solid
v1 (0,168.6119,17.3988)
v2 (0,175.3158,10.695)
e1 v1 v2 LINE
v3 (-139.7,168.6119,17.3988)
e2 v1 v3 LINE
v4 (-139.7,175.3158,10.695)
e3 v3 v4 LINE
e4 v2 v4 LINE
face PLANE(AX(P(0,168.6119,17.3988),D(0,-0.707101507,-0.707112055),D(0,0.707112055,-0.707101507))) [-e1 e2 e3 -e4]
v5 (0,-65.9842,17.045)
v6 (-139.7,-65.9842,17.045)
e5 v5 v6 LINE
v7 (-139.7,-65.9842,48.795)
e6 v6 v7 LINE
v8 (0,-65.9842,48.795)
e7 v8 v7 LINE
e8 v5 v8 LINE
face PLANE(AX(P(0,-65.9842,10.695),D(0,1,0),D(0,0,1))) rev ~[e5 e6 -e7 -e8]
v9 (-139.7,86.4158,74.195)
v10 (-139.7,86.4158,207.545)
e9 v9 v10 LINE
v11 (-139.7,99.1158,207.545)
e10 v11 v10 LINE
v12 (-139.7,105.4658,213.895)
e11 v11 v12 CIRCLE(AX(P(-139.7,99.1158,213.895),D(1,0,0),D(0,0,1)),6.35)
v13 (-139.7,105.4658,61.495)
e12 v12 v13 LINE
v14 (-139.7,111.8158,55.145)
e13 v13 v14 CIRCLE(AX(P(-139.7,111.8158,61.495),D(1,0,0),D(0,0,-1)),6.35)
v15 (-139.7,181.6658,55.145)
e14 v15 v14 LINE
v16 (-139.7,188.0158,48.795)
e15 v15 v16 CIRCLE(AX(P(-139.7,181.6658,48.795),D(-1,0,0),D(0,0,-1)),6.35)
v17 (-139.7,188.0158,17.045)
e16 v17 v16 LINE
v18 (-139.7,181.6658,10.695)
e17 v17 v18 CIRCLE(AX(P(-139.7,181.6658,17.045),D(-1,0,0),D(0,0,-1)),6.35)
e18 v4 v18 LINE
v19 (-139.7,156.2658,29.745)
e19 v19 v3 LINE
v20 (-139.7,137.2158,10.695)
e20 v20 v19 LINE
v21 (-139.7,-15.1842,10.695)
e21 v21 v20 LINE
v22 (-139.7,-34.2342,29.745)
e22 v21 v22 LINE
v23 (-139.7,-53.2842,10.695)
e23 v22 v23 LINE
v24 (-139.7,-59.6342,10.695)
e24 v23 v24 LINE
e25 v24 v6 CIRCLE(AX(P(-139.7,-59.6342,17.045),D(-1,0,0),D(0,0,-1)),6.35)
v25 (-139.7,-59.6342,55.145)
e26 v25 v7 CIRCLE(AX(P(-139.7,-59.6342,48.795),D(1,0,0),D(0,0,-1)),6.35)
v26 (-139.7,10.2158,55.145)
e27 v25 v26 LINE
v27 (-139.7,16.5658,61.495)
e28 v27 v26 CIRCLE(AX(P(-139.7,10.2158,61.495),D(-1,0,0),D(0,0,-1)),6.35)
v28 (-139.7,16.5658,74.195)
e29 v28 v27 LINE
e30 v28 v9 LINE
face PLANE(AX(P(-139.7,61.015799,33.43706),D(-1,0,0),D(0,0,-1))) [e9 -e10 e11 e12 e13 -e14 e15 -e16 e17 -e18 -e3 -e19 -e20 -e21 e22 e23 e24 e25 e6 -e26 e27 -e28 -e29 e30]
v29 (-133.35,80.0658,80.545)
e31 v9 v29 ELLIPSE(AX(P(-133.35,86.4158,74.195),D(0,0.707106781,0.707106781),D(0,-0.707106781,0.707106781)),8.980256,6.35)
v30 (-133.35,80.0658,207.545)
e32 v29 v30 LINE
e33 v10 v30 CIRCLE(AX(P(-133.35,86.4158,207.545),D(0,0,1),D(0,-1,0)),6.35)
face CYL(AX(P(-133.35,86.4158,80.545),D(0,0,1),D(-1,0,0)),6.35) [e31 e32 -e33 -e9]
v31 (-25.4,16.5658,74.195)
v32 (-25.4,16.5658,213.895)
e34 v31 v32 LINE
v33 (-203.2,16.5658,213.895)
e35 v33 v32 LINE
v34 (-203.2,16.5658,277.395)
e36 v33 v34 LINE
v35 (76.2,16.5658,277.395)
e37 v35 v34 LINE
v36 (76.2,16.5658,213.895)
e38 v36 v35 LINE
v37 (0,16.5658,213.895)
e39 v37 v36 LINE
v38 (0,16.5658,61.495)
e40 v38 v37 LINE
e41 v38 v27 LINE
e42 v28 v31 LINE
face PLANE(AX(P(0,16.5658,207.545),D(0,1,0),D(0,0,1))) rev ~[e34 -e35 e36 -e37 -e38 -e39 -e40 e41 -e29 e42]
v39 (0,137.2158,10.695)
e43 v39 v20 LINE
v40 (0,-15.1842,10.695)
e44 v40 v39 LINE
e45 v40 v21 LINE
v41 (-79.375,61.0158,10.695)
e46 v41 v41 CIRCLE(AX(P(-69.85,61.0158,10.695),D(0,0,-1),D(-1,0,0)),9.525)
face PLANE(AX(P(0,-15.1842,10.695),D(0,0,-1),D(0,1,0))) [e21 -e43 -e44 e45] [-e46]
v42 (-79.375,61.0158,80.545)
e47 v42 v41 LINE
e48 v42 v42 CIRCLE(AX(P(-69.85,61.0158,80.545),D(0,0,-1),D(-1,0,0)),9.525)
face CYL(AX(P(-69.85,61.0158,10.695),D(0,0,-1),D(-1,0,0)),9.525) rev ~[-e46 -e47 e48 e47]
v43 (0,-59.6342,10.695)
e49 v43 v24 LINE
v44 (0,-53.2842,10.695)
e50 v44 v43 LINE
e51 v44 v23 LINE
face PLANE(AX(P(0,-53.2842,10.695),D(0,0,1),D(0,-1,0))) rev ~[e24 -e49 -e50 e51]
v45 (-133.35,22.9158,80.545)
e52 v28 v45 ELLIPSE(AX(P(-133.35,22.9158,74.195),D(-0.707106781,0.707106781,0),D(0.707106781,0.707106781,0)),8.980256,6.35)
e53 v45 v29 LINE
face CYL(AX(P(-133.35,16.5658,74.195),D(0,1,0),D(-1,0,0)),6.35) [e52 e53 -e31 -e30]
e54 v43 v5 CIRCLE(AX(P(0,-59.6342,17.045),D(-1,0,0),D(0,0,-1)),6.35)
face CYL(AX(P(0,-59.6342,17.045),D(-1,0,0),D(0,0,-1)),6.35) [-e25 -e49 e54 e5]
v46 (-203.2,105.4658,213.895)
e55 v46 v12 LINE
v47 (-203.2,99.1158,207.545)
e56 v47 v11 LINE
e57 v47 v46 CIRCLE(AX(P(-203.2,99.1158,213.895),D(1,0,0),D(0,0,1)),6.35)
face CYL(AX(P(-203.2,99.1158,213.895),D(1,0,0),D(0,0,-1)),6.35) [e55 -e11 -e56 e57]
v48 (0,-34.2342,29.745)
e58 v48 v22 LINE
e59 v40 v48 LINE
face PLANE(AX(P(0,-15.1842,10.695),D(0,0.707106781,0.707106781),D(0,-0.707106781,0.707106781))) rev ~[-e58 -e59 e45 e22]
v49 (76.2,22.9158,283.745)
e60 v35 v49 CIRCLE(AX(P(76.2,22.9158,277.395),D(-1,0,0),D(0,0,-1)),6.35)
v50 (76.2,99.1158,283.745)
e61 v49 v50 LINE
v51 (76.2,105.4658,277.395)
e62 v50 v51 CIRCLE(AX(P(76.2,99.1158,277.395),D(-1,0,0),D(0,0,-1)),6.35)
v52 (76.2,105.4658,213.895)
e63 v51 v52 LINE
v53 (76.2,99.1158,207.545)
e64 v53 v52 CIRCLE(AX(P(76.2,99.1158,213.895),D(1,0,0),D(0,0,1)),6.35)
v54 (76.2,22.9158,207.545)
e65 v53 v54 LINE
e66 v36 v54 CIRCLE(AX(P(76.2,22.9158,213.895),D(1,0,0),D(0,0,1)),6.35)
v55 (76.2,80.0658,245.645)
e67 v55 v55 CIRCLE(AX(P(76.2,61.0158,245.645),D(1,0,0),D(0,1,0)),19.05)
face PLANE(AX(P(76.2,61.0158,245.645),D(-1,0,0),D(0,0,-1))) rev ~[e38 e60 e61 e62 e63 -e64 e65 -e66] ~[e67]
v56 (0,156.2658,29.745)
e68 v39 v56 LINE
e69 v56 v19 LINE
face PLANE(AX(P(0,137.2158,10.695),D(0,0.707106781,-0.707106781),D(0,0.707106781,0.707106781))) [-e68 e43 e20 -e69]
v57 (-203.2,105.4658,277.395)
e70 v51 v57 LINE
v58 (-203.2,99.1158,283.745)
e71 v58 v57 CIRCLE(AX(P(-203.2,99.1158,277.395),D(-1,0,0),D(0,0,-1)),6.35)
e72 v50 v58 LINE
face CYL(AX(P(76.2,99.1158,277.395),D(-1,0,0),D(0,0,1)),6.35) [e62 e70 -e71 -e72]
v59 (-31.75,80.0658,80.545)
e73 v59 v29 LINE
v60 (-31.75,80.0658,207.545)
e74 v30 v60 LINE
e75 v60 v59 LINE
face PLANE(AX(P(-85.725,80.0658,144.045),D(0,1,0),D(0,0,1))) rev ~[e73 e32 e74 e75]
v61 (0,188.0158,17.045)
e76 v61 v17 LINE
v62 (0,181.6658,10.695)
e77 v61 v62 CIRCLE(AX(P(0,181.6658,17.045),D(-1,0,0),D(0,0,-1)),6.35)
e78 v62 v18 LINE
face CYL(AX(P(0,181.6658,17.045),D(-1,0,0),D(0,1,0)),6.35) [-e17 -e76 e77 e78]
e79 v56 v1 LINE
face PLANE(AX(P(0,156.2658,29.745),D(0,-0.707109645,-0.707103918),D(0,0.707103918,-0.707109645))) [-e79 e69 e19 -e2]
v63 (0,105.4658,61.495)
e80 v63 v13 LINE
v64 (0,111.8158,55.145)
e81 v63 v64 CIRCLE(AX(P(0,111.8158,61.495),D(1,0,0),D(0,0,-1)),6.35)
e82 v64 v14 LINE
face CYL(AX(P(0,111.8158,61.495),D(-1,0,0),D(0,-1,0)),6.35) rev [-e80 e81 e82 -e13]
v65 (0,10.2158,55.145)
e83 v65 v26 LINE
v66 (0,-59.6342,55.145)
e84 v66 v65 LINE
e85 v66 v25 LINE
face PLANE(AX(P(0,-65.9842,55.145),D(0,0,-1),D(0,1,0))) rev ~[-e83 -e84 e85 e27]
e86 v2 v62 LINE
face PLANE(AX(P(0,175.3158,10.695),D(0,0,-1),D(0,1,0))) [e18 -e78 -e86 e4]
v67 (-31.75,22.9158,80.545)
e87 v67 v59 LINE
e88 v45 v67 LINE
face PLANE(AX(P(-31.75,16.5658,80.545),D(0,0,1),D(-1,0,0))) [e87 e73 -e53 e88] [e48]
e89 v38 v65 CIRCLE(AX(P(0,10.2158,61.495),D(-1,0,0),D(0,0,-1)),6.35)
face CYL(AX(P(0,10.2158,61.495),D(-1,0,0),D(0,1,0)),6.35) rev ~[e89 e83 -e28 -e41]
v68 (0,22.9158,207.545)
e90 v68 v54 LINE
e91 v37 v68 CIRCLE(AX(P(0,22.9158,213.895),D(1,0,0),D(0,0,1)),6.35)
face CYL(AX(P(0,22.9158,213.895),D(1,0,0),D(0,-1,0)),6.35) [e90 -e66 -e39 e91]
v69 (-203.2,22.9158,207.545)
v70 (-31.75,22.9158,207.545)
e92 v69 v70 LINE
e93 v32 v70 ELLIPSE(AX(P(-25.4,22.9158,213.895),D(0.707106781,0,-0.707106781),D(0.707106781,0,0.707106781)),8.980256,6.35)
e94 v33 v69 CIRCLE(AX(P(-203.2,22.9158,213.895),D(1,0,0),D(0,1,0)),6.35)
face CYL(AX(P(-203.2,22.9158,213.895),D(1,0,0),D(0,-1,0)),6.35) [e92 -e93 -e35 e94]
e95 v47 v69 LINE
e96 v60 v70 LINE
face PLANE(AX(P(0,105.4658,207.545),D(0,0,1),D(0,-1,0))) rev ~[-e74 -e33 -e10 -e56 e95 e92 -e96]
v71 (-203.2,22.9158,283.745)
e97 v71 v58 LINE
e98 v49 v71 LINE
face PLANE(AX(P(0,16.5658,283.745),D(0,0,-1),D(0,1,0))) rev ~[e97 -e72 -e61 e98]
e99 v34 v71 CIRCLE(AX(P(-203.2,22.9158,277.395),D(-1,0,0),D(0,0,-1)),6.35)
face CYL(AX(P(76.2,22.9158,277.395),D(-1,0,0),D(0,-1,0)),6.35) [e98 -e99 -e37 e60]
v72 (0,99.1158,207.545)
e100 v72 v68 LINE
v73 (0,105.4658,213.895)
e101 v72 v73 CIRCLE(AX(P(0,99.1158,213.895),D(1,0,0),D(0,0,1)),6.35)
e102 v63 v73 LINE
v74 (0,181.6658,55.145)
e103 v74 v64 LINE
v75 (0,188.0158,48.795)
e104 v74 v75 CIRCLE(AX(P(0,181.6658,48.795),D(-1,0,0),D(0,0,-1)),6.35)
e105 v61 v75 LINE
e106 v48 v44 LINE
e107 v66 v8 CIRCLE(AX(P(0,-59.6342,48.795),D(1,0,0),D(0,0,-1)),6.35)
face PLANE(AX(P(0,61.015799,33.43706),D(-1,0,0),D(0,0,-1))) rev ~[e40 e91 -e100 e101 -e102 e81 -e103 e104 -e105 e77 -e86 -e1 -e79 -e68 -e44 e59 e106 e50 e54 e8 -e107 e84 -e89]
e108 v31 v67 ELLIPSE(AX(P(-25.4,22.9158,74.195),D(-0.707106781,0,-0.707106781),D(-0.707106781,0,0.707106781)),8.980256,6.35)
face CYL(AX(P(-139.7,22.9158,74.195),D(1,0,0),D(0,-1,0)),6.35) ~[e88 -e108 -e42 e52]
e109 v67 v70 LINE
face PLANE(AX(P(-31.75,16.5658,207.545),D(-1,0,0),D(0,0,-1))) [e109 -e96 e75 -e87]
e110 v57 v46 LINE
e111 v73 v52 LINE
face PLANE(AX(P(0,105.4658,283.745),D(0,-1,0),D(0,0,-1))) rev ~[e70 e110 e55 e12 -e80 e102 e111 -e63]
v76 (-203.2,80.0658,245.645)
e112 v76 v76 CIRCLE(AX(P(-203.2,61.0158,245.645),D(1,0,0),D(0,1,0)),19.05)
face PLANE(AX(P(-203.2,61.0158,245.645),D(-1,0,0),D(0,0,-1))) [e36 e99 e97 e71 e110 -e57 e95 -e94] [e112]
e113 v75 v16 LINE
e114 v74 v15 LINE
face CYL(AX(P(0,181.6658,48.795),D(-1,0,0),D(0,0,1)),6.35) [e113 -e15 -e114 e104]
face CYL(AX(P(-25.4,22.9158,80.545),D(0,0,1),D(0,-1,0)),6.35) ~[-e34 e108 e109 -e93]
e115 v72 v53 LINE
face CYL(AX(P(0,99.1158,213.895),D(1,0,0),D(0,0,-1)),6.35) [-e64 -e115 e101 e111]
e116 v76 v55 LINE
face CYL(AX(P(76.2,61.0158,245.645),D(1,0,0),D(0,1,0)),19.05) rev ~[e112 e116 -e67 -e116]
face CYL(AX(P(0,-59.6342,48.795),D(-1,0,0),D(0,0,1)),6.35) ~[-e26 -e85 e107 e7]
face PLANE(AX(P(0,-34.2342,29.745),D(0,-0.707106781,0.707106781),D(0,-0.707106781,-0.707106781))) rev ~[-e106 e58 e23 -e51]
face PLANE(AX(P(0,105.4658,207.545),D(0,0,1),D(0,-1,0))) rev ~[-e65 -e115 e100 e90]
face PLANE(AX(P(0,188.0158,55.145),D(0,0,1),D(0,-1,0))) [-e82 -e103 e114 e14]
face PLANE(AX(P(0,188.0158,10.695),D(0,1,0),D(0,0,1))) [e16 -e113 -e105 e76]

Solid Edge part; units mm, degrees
sketch "Sketch1" plane through (0, 0, 0) normal (1, 0, 0) x (0, 1, 0)
  line L0 (-65.9842, 55.145) -> (61.0158, 55.145)
  line L1 (188.0158, 55.145) -> (61.0158, 55.145)
  line L2 (188.0158, 10.695) -> (188.0158, 55.145)
  line L3 (175.3158, 10.695) -> (188.0158, 10.695)
  line L4 (168.6119, 17.3988) -> (175.3158, 10.695)
  line L5 (156.2658, 29.745) -> (168.6119, 17.3988)
  line L6 (137.2158, 10.695) -> (156.2658, 29.745)
  line L7 (-15.1842, 10.695) -> (137.2158, 10.695)
  line L8 (-15.1842, 10.695) -> (-34.2342, 29.745)
  line L9 (-34.2342, 29.745) -> (-53.2842, 10.695)
  line L10 (-53.2842, 10.695) -> (-65.9842, 10.695)
  line L11 (-65.9842, 10.695) -> (-65.9842, 55.145)
extrude "Protrusion1" add sketch "Sketch1" against normal blind 139.7
sketch "Sketch2" plane through (0, 0, 0) normal (1, 0, 0) x (0, 1, 0)
  line L0 (16.5658, 207.545) -> (16.5658, 55.145)
  line L1 (16.5658, 55.145) -> (105.4658, 55.145)
  line L2 (105.4658, 55.145) -> (105.4658, 207.545)
  line L3 (105.4658, 207.545) -> (16.5658, 207.545)
extrude "ExtrudedProtrusion_2" add sketch "Sketch2" against normal blind 139.7
sketch "Sketch3" plane through (0, 0, 0) normal (1, 0, 0) x (0, 1, 0)
  line L0 (16.5658, 207.545) -> (16.5658, 283.745)
  line L1 (16.5658, 283.745) -> (105.4658, 283.745)
  line L2 (105.4658, 283.745) -> (105.4658, 207.545)
  line L3 (105.4658, 207.545) -> (16.5658, 207.545)
extrude "ExtrudedProtrusion_3" add sketch "Sketch3" against normal blind 203.2 and the other way blind 76.2
sketch "Sketch4" plane through (-63.5, 16.5658, 169.445) normal (0, -1, 0) x (1, 0, 0)
  line L0 (31.75, 38.1) -> (31.75, -88.9)
  line L1 (31.75, -88.9) -> (-76.2, -88.9)
  line L2 (-76.2, -88.9) -> (-76.2, 38.1)
  line L3 (-76.2, 38.1) -> (31.75, 38.1)
extrude "ExtrudedCutout_2" cut sketch "Sketch4" against normal blind 63.5 and the other way through all
sketch "Sketch5" plane through (76.2, 61.0158, 245.645) normal (1, 0, 0) x (0, 1, 0)
  circle A0 centre (0, 0) radius 19.05
extrude "Cutout1" cut sketch "Sketch5" against normal through all and the other way through all
fillet "Round_1" radius 6.35 16 edges at (-31.75, 16.5658, 144.045) (-85.725, 16.5658, 80.545) (-69.85, 16.5658, 55.145) (-117.475, 16.5658, 207.545) (38.1, 16.5658, 207.545) (-139.7, 80.0658, 144.045) (-139.7, 48.3158, 80.545) (-69.85, -65.9842, 55.145) (38.1, 105.4658, 207.545) (-63.5, 105.4658, 283.745) (-63.5, 16.5658, 283.745) (-171.45, 105.4658, 207.545) (-69.85, 105.4658, 55.145) (-69.85, 188.0158, 55.145) (-69.85, 188.0158, 10.695) (-69.85, -65.9842, 10.695)
sketch "Sketch6" plane through (-69.85, 61.0158, 10.695) normal (0, 0, -1) x (-1, 0, 0)
  circle A0 centre (0, 0) radius 9.525
extrude "Cutout2" cut sketch "Sketch6" against normal up to next and the other way through all
